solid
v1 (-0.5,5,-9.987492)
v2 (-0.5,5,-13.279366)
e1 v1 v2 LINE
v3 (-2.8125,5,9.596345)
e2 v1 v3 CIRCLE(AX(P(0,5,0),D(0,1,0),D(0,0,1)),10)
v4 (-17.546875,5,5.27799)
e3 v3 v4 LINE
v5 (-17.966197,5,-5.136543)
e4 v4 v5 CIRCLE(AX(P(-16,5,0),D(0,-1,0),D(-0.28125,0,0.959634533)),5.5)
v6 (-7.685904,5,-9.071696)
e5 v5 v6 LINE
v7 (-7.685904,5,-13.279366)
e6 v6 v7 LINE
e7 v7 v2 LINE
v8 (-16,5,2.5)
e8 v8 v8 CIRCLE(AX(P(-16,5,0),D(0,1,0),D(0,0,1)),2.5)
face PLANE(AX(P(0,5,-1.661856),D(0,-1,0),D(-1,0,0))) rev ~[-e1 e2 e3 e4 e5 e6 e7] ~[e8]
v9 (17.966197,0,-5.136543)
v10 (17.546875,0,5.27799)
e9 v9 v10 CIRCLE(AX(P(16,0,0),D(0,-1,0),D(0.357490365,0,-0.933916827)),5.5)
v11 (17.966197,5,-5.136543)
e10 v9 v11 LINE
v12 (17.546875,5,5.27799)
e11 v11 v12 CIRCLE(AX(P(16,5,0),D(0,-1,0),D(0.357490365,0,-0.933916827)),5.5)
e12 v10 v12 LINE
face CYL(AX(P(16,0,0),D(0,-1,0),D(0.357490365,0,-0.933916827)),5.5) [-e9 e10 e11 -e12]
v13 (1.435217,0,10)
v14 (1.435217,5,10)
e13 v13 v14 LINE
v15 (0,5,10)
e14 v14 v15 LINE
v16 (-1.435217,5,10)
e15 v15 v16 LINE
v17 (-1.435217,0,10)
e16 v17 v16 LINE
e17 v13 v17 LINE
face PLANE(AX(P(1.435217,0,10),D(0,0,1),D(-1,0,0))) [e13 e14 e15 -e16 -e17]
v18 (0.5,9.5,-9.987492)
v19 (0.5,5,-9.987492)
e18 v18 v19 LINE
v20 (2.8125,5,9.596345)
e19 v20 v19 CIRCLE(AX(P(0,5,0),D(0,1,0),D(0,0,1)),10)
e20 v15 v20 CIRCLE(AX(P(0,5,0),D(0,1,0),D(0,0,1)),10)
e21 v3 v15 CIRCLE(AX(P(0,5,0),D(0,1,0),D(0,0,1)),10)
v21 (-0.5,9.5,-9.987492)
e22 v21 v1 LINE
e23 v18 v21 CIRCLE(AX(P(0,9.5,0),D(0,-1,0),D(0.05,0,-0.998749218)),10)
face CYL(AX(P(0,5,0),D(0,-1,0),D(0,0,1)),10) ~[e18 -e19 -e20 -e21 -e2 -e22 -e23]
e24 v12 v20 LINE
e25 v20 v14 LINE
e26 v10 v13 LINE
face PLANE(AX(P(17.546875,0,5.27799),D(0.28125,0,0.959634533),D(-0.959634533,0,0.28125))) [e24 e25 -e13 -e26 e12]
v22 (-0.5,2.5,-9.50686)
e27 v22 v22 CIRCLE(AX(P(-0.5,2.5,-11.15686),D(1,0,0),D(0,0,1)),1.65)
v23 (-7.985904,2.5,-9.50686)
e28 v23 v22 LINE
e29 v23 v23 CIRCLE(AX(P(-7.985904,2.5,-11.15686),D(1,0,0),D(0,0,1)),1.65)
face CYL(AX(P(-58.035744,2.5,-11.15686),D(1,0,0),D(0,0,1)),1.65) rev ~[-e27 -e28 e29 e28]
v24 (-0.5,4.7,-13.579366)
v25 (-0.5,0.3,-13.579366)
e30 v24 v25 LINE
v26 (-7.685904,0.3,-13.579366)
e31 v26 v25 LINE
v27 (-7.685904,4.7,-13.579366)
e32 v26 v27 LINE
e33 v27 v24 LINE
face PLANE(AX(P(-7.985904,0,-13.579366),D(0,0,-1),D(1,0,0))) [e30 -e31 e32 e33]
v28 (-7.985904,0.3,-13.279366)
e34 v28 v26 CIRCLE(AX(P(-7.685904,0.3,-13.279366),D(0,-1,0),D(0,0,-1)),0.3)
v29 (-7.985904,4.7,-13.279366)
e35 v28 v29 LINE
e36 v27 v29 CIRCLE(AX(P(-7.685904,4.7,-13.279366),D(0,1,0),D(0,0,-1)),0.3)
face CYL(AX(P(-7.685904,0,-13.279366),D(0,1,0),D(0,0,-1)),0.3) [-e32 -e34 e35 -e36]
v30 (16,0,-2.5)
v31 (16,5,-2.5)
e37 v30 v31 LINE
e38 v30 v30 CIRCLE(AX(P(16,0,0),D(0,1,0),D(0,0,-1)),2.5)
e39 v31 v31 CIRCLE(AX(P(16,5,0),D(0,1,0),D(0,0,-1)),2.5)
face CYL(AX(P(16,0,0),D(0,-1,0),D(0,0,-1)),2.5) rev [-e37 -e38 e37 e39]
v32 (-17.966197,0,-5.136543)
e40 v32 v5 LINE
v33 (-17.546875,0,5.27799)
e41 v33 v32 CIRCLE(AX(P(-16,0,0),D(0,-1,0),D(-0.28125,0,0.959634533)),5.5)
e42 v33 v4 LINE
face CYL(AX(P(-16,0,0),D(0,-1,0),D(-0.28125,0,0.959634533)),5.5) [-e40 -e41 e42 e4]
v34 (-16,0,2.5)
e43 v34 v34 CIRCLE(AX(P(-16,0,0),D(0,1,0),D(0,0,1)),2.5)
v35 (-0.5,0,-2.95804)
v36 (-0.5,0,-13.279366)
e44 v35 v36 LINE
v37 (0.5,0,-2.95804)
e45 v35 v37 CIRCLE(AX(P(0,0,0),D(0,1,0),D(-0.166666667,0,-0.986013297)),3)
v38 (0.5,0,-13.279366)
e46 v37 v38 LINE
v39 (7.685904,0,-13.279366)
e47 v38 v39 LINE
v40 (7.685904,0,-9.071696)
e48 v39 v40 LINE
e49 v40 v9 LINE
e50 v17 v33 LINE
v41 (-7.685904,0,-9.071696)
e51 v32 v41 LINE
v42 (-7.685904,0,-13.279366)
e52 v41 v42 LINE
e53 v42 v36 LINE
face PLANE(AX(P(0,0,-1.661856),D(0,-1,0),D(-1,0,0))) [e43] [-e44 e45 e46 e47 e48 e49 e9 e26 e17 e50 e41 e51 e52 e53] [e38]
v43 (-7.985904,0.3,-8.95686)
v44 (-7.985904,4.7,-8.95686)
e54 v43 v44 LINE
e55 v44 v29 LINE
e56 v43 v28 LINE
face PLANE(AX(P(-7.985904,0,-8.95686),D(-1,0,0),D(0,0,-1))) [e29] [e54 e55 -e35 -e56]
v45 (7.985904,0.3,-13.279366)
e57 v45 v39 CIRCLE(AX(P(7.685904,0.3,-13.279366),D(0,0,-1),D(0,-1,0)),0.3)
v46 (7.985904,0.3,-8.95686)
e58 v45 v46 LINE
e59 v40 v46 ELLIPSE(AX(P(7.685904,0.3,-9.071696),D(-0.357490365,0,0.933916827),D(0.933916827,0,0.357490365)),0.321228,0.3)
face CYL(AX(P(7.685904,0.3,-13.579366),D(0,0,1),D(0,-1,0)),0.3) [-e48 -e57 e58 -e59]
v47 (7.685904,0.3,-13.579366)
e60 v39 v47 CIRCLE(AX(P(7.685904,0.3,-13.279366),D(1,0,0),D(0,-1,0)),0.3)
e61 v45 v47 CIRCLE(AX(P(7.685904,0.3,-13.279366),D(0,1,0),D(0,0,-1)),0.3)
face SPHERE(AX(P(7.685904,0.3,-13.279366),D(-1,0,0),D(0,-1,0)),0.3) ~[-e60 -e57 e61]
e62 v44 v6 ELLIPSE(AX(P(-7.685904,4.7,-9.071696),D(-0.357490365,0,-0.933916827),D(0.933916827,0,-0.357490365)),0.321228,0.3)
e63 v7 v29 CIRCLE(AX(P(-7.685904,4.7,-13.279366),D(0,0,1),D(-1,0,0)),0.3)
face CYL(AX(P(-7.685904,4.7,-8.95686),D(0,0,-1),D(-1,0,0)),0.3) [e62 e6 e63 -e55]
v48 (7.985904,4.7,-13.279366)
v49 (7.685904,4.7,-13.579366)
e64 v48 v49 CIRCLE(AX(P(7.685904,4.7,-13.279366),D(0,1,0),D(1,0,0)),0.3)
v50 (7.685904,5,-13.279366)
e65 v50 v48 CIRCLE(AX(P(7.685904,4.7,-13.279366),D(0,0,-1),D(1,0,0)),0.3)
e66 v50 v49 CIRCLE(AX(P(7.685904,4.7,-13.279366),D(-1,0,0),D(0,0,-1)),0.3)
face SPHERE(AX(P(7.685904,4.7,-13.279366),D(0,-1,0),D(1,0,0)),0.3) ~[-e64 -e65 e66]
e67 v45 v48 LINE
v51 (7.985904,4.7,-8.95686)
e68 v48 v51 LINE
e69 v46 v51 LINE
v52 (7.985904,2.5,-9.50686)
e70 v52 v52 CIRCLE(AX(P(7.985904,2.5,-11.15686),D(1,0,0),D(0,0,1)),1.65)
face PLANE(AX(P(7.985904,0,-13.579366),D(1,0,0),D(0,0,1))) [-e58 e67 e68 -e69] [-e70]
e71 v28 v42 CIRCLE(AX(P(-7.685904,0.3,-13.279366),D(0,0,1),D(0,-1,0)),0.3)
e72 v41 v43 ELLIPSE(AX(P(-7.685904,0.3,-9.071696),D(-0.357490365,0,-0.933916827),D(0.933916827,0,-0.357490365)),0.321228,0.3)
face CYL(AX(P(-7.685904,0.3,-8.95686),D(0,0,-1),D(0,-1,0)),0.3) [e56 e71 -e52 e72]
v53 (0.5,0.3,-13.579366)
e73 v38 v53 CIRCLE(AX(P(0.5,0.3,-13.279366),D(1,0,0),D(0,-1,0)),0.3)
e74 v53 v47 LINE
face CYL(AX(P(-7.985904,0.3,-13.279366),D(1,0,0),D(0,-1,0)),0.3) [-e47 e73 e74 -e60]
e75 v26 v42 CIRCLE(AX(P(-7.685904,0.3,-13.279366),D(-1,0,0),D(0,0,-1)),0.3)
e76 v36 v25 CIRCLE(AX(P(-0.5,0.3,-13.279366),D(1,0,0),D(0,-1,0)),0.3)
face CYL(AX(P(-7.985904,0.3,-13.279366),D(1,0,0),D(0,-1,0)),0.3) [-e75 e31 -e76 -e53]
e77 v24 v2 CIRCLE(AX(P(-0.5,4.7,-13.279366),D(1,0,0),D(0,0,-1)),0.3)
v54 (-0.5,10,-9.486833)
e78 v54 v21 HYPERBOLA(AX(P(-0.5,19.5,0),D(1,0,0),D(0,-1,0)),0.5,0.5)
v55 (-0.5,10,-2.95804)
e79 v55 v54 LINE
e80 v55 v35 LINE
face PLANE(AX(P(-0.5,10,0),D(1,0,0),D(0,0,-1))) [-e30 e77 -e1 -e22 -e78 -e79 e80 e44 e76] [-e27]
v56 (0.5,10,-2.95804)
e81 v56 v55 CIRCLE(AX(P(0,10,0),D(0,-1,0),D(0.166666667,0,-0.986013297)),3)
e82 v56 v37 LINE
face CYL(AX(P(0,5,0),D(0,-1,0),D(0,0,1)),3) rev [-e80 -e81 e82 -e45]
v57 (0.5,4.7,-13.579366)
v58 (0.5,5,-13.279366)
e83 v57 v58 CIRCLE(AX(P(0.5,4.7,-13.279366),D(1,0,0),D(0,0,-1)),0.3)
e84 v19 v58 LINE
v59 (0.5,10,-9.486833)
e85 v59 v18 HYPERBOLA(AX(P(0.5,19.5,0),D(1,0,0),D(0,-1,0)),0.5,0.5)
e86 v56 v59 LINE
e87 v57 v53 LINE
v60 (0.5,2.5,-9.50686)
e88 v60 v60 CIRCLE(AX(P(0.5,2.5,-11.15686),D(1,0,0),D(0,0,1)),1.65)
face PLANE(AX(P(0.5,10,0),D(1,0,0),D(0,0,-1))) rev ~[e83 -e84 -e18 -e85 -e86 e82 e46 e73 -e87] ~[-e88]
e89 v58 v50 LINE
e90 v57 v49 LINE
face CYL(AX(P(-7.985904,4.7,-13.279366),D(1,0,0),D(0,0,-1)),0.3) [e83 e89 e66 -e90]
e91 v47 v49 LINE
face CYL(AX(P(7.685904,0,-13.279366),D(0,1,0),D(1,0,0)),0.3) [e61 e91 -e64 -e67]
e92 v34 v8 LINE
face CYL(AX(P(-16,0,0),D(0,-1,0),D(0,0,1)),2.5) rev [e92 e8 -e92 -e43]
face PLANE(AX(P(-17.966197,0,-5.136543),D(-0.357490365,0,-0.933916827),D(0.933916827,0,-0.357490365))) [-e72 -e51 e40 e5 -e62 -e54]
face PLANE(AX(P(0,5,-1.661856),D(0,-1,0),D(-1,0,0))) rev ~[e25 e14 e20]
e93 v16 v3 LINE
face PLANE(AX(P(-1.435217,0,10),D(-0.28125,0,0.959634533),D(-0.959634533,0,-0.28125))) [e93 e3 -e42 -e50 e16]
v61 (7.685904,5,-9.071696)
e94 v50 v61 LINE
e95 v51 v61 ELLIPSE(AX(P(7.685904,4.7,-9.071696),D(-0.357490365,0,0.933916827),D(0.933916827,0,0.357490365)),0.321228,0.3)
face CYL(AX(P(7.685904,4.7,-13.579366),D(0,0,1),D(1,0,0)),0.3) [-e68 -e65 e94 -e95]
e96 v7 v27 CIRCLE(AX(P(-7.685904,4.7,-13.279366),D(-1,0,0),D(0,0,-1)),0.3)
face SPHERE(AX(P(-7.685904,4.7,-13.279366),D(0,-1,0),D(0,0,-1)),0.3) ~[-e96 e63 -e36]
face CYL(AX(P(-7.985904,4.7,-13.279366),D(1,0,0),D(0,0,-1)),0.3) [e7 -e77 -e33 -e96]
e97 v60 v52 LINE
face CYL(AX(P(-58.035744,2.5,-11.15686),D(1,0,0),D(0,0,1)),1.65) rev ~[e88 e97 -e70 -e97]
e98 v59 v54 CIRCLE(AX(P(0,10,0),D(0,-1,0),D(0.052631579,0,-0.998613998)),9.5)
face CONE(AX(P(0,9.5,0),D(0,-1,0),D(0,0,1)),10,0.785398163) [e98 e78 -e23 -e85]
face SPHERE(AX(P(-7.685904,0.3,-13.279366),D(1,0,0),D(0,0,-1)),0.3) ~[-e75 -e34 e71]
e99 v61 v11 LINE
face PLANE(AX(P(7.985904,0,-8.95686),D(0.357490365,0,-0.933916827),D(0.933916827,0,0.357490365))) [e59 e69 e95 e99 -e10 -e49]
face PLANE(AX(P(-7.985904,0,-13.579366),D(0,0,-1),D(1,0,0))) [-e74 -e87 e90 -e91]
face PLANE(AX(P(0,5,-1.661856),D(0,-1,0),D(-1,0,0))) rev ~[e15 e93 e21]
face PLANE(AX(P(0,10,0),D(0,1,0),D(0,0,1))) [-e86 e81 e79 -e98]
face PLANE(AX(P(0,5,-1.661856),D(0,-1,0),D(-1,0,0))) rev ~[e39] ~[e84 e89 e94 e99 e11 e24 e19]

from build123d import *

# Parameters (mm, degrees)
SKETCH_1_R          = 2.5
SKETCH_1_R_2        = 3
EXTRUDE_1_DEPTH     = 5
SKETCH_2_R          = 10
SKETCH_2_R_2        = 3
EXTRUDE_2_DEPTH     = 5
FILLET_1_R          = 0.3
CHAMFER_1_SIZE      = 0.5
CUT_EXTRUDE_1_REACH = 29.325
SKETCH_3_W          = 1
SKETCH_3_H          = 13.579366256
HOLE_WIZARD_M4_1_D  = 3.3


with BuildPart() as part:
    # 草图1 → 凸台-拉伸1 (new body)
    with BuildSketch(Plane(origin=(0, 0, 0), x_dir=(1, 0, 0), z_dir=(0, 1, 0))):
        with BuildLine():
            Line((-17.966197006, 5.136542547), (-7.985903938, 8.956859846))
            Line((-7.985903938, 8.956859846), (-7.985903938, 13.579366256))
            Line((-7.985903938, 13.579366256), (7.985903938, 13.579366256))
            Line((7.985903938, 13.579366256), (7.985903938, 8.956859846))
            Line((7.985903938, 8.956859846), (17.966197006, 5.136542547))
            ThreePointArc((17.966197006, 5.136542547), (21.495547327, -0.221268111), (17.546875, -5.277989933))
            Line((17.546875, -5.277989933), (1.435216594, -10))
            Line((1.435216594, -10), (-1.435216594, -10))
            Line((-1.435216594, -10), (-17.546875, -5.277989933))
            ThreePointArc((-17.546875, -5.277989933), (-21.495547327, -0.221268111), (-17.966197006, 5.136542547))
        make_face()
        with Locations(Location((-16, 0, 0), (0, 0, 270))):
            Circle(SKETCH_1_R, mode=Mode.SUBTRACT)
        with Locations(Location((0, 0, 0), (0, 0, 270))):
            Circle(SKETCH_1_R_2, mode=Mode.SUBTRACT)
        with Locations(Location((16, 0, 0), (0, 0, 90))):
            Circle(SKETCH_1_R, mode=Mode.SUBTRACT)
    extrude(amount=EXTRUDE_1_DEPTH)

    # 草图2 → 凸台-拉伸2 (add)
    with BuildSketch(Plane(origin=(0, 5, 0), x_dir=(1, 0, 0), z_dir=(0, 1, 0))):
        with Locations(Location((0, 0, 0), (0, 0, 270))):
            Circle(SKETCH_2_R)
        with Locations(Location((0, 0, 0), (0, 0, 270))):
            Circle(SKETCH_2_R_2, mode=Mode.SUBTRACT)
    extrude(amount=EXTRUDE_2_DEPTH)

    # 圆角1
    fillet_1_edges = [part.edges().sort_by_distance(p)[0] for p in [
        (0, 0, -13.579366256),
        (7.985903938, 0, -11.268113051),
        (-7.985903938, 2.5, -13.579366256),
        (7.985903938, 2.5, -13.579366256),
        (7.985903938, 5, -11.268113051),
        (0, 5, -13.579366256),
        (-7.985903938, 5, -11.268113051),
        (-7.985903938, 0, -11.268113051),
    ]]
    fillet(fillet_1_edges, radius=FILLET_1_R)

    # 倒角1
    chamfer_1_edges = [part.edges().sort_by_distance(p)[0] for p in [
        (0, 10, -10),
    ]]
    chamfer(chamfer_1_edges, length=CHAMFER_1_SIZE)

    # 草图3 → 切除-拉伸1 (cut, up to next)
    with BuildSketch(Plane(origin=(0, 10, 0), x_dir=(1, 0, 0), z_dir=(0, 1, 0)), mode=Mode.PRIVATE) as cut_extrude_1_sk1:
        with Locations((0, 6.789683128)):
            Rectangle(SKETCH_3_W, SKETCH_3_H)
    cut_extrude_1_tool1 = extrude(cut_extrude_1_sk1.sketch, amount=-CUT_EXTRUDE_1_REACH, mode=Mode.PRIVATE) & part.part
    add(cut_extrude_1_tool1.solids().sort_by_distance((0, 10, -6.789683))[0], mode=Mode.SUBTRACT)

    # M4 螺纹孔1 (through all)
    with Locations(Plane(origin=(-7.985903938, 2.5, -11.156859846), x_dir=(0, 0, -1), z_dir=(-1, 0, 0))):
        with Locations((0, 0)):
            Hole(HOLE_WIZARD_M4_1_D / 2)


solid = part.part
